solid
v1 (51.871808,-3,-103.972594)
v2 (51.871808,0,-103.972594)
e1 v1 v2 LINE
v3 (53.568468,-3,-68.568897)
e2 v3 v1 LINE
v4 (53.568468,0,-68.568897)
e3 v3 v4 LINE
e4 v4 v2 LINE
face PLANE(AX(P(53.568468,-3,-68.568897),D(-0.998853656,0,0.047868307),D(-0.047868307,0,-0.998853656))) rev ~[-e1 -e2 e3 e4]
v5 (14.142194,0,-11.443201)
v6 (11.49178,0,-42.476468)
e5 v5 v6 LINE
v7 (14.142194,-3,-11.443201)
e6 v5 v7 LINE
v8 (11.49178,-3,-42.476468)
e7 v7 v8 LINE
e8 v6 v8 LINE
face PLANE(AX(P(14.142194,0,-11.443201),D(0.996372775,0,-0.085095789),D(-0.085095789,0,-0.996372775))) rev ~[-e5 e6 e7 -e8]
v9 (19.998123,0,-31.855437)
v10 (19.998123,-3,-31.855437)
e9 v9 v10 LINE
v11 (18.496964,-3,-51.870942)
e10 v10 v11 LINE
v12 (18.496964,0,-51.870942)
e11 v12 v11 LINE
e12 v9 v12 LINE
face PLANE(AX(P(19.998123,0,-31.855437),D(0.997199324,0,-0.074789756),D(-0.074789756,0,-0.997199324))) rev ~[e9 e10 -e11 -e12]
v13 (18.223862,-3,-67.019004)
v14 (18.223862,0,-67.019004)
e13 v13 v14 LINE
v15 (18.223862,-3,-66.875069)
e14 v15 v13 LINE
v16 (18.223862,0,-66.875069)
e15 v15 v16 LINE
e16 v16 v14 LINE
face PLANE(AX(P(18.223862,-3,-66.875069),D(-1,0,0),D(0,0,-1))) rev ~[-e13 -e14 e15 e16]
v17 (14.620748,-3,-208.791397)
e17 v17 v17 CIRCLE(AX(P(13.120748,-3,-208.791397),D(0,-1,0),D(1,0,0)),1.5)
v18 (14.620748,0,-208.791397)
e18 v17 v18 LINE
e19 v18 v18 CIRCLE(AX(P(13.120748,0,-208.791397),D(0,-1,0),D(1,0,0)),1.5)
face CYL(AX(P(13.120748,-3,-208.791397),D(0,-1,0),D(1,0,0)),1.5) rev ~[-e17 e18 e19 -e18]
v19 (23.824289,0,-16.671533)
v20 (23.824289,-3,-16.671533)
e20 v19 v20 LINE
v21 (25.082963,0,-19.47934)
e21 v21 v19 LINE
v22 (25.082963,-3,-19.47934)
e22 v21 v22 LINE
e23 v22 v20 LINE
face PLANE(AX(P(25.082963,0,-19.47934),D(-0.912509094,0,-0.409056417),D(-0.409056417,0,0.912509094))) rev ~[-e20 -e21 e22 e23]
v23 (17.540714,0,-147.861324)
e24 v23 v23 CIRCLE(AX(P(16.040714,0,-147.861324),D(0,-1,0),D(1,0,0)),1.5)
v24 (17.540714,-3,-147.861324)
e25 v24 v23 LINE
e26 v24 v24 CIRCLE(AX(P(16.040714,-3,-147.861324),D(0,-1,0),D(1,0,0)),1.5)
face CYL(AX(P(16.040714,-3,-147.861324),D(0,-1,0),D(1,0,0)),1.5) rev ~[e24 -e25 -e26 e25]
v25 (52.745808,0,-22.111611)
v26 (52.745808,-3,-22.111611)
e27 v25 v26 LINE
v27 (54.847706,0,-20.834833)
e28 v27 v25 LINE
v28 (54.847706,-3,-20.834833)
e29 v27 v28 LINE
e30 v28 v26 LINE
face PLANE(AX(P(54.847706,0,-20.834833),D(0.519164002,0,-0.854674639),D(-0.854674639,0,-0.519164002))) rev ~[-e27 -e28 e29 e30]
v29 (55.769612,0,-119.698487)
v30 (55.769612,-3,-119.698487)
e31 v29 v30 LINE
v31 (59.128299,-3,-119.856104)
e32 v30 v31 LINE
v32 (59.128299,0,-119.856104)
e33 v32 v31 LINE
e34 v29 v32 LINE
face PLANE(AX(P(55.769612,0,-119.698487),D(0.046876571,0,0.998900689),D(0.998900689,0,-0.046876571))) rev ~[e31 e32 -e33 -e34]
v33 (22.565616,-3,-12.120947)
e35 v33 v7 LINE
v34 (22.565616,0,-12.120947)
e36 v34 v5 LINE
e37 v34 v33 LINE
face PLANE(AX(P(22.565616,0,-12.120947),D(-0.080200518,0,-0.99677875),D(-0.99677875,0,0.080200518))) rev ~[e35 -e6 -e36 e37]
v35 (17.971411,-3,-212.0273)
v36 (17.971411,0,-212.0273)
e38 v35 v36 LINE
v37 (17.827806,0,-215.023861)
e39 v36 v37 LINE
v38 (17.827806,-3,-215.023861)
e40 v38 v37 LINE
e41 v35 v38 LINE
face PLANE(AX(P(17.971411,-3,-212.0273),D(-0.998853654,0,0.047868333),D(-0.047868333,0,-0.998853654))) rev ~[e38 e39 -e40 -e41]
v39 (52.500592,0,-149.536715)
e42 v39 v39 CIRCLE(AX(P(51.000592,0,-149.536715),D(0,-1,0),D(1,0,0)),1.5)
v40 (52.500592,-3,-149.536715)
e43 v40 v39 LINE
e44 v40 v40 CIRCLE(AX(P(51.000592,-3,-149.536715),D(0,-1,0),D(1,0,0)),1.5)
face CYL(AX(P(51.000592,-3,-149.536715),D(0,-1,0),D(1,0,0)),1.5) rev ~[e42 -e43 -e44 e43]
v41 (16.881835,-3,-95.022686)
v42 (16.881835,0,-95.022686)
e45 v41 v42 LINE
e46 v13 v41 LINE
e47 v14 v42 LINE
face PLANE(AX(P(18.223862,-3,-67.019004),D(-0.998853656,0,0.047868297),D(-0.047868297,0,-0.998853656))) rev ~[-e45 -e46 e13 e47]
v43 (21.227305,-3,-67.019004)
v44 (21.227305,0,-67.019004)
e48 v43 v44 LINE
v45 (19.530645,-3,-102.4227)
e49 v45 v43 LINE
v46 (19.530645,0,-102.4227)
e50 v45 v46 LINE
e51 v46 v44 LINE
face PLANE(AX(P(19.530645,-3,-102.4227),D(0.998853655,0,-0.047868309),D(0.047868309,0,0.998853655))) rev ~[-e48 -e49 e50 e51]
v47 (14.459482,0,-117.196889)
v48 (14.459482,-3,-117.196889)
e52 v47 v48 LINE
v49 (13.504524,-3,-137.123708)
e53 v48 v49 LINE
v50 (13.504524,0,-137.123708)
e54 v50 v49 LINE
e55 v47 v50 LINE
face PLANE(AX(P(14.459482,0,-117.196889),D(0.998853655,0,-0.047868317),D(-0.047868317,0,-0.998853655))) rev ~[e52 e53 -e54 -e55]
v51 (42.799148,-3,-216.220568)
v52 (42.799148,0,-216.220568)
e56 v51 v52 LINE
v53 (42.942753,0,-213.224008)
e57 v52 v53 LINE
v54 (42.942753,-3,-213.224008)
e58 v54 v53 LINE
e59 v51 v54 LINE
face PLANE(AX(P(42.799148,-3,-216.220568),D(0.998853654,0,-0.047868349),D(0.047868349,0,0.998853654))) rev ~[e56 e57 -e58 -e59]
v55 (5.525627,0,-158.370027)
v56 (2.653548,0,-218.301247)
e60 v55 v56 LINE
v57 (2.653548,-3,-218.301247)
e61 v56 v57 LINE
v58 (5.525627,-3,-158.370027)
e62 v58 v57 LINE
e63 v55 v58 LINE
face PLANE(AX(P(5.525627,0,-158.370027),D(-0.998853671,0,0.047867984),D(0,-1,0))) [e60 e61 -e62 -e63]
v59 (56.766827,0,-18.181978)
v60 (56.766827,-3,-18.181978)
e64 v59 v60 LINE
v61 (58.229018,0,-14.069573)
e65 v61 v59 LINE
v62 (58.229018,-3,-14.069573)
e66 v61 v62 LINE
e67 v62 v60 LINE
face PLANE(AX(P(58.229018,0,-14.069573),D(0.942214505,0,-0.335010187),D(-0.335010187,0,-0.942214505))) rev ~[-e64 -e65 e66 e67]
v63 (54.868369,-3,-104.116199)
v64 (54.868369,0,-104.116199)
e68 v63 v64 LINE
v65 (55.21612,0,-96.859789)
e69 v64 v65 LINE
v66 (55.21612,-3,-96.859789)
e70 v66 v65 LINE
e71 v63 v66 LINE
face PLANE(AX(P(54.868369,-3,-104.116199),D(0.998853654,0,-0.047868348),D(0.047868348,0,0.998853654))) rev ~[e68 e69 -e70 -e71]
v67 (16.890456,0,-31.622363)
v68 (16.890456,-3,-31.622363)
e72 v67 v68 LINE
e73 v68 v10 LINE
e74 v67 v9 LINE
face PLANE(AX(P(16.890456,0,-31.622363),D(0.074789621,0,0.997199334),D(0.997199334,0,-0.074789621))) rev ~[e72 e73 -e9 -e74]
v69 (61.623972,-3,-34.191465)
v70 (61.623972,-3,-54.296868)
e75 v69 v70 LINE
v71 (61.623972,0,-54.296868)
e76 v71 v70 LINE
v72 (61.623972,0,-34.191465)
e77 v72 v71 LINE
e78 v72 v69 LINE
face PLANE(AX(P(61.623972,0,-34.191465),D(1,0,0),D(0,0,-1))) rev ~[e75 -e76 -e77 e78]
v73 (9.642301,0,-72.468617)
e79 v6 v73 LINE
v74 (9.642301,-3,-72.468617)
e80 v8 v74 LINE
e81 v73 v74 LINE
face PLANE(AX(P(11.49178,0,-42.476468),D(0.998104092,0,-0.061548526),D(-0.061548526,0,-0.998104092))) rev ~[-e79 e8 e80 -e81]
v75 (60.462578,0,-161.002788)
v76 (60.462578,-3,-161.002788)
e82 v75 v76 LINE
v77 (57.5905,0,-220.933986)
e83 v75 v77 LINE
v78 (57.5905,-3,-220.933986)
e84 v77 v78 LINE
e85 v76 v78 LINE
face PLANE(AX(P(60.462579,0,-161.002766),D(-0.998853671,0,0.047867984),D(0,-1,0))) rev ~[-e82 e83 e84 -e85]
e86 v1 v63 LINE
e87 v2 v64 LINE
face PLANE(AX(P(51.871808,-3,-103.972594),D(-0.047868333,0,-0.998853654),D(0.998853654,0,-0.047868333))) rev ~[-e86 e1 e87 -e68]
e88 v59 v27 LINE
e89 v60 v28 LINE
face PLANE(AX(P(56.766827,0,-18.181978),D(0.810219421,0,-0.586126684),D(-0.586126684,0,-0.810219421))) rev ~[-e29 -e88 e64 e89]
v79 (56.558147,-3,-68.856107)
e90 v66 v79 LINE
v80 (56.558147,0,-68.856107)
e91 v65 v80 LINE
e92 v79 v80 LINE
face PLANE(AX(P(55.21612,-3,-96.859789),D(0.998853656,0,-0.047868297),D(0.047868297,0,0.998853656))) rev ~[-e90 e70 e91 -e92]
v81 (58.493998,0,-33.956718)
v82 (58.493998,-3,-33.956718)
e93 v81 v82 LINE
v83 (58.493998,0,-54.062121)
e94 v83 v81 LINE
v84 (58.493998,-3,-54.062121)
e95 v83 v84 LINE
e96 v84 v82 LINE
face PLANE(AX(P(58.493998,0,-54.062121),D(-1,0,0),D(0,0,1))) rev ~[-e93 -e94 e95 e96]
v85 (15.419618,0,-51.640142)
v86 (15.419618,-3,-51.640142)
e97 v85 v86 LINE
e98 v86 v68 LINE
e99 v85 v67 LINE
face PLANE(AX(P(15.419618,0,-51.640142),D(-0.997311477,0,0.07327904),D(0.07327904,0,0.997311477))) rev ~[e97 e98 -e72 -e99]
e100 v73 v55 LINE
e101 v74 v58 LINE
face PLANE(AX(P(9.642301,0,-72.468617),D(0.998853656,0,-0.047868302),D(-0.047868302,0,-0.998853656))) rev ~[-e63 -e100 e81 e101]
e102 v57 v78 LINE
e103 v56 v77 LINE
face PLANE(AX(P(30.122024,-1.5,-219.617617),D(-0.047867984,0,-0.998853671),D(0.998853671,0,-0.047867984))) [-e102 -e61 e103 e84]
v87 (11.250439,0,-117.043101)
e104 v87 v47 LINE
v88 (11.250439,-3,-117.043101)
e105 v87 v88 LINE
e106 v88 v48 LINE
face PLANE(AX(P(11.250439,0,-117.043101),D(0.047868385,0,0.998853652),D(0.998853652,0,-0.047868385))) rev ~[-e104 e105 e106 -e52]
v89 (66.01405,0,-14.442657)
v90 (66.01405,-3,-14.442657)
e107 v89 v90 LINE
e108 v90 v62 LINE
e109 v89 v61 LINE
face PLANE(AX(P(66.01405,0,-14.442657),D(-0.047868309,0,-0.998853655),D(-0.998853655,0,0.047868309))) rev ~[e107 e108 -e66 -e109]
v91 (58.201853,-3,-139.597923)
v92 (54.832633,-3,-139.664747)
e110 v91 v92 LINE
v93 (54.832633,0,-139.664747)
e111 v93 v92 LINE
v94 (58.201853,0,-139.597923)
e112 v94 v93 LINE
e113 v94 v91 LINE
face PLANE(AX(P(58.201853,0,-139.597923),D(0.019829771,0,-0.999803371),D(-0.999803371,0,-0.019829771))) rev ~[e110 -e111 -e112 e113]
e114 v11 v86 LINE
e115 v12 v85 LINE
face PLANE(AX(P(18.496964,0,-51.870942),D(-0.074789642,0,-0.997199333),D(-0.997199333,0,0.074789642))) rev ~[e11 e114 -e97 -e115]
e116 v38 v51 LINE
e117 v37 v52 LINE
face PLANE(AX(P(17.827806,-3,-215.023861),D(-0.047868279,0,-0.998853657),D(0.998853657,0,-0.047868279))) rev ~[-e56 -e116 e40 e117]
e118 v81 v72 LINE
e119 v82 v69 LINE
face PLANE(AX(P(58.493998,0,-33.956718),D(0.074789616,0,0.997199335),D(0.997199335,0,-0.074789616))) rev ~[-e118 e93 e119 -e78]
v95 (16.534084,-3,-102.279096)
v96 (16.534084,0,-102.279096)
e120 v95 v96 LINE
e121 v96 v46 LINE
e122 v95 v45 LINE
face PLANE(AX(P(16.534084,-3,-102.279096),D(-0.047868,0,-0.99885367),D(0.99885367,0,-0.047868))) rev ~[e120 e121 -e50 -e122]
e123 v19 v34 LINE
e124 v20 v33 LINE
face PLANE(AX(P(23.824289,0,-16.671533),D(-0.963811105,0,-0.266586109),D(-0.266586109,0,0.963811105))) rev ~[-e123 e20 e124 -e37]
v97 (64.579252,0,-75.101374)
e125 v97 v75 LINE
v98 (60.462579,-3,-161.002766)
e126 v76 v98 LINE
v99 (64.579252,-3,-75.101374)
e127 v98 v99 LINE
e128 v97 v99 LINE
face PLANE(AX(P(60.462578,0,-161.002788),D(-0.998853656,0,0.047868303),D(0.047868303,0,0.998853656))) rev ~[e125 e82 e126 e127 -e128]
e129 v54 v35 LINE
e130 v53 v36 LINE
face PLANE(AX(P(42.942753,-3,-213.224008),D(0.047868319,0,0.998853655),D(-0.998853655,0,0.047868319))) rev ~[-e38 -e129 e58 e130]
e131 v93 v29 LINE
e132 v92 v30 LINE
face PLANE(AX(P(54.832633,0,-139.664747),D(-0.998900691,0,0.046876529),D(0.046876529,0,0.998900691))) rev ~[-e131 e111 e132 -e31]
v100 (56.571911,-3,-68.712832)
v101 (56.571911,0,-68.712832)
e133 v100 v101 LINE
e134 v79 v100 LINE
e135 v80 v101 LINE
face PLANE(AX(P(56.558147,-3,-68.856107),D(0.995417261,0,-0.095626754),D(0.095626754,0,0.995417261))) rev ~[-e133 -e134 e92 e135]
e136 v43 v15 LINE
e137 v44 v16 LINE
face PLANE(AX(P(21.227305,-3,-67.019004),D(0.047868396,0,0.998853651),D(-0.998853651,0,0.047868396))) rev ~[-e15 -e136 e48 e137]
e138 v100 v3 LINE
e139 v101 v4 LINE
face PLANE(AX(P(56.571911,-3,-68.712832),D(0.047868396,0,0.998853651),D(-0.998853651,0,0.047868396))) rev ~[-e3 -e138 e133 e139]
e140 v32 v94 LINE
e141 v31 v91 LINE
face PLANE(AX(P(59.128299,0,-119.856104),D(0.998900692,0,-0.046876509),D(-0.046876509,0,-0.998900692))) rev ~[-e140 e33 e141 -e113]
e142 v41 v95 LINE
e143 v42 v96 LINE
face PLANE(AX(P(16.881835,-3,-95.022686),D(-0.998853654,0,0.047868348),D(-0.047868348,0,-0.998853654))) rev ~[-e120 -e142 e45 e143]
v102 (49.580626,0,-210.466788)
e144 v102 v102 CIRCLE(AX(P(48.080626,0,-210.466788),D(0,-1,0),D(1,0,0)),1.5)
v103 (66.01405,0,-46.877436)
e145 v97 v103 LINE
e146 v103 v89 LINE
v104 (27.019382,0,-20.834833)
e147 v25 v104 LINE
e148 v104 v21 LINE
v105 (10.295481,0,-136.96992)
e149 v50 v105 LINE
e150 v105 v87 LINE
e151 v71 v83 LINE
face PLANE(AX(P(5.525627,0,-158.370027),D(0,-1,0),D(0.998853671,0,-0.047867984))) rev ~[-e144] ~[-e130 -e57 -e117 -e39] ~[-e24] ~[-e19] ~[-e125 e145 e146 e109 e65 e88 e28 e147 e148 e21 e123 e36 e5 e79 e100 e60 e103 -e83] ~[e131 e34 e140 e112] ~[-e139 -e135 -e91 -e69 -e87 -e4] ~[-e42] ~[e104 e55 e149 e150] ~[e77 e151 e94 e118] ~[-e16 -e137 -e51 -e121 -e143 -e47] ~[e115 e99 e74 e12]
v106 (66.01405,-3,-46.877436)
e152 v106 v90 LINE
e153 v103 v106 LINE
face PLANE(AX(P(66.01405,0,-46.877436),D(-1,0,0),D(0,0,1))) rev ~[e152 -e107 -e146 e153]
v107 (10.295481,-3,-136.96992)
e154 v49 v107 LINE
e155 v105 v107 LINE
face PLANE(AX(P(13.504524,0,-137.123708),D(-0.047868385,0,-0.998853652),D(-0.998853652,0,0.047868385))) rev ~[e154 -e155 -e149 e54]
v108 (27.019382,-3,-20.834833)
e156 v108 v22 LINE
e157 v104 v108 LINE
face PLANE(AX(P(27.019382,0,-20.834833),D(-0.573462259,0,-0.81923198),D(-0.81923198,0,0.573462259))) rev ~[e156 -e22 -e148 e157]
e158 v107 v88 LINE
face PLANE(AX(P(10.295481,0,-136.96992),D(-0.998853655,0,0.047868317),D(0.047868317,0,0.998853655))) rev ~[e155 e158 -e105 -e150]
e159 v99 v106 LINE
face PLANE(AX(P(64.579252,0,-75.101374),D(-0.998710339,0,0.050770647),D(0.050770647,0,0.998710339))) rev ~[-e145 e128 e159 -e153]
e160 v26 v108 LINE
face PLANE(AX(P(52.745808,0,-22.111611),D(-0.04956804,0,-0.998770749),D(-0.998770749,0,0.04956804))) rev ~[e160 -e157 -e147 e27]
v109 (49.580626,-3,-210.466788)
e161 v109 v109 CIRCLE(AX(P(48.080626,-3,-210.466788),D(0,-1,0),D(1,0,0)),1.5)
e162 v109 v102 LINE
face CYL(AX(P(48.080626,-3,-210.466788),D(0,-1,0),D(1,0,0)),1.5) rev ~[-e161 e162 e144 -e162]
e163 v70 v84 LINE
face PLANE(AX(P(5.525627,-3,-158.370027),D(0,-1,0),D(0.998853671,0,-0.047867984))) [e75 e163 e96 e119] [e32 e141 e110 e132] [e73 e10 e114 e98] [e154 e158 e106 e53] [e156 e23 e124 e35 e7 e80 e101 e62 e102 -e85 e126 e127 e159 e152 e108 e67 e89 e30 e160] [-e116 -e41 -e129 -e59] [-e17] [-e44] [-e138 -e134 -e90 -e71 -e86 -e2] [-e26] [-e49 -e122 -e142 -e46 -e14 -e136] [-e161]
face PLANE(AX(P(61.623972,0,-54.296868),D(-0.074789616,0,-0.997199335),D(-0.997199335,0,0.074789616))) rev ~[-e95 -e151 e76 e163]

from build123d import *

# Parameters (mm, degrees)
F1_DEPTH = 3
F2_W     = 55
F2_H     = 3
F3_DEPTH = 60
F5_DEPTH = 3.001
F6_R     = 1.5
F7_DEPTH = 25


with BuildPart() as f1:
    # F0 (on Front) → F1 (new body)
    with BuildSketch(Plane.XZ):
        Polygon((9.642301, -72.468617), (5.525627, -158.370032), (60.462578, -161.002788), (64.579252, -75.101374), (66.01405, -46.877436), (66.01405, -14.442657), (58.229018, -14.069573), (56.766827, -18.181978), (54.847706, -20.834833), (52.745808, -22.111611), (27.019382, -20.834833), (25.082963, -19.47934), (23.824289, -16.671533), (22.565616, -12.120947), (14.142194, -11.443201), (11.49178, -42.476468), align=None)
        Polygon((13.504524, -137.123708), (10.295481, -136.96992), (11.250439, -117.043101), (14.459482, -117.196889), align=None, mode=Mode.SUBTRACT)
        Polygon((59.128299, -119.856104), (58.201853, -139.597923), (54.832633, -139.664747), (55.769612, -119.698487), align=None, mode=Mode.SUBTRACT)
        Polygon((18.496964, -51.870942), (15.419618, -51.640142), (16.890456, -31.622363), (19.998123, -31.855437), align=None, mode=Mode.SUBTRACT)
        Polygon((58.493998, -54.062121), (58.493998, -33.956718), (61.623972, -34.191465), (61.623972, -54.296868), align=None, mode=Mode.SUBTRACT)
    extrude(amount=F1_DEPTH)

    # F2 (on face) → F3 (join)
    with BuildSketch(Plane(origin=(-7.559553, 0, -157.742947), x_dir=(0.998854, 0, -0.047868), z_dir=(-0.047868, 0, -0.998854))):
        with Locations((40.600197, 1.5)):
            Rectangle(F2_W, F2_H)
    extrude(amount=F3_DEPTH)

    # F4 (on face) → F5 (cut, through all)
    with BuildSketch(Plane.XZ.offset(3)):
        Polygon((18.223862, -67.019004), (16.881835, -95.022686), (16.534084, -102.279096), (19.530645, -102.4227), (21.227305, -67.019004), (18.223862, -66.875069), align=None)
        Polygon((53.568468, -68.568897), (51.871808, -103.972594), (54.868369, -104.116199), (55.21612, -96.859789), (56.558147, -68.856107), (56.571911, -68.712832), align=None)
    extrude(amount=-F5_DEPTH, mode=Mode.SUBTRACT)

    # F6 (on face) → F7 (cut)
    with BuildSketch(Plane.XZ.offset(3)):
        with Locations((16.040714, -147.861324)):
            Circle(F6_R)
        with Locations((51.000592, -149.536715)):
            Circle(F6_R)
        with Locations((13.120748, -208.791397)):
            Circle(F6_R)
        with Locations((48.080626, -210.466788)):
            Circle(F6_R)
        Polygon((17.827806, -215.023861), (42.799148, -216.220568), (42.942753, -213.224008), (17.971411, -212.0273), align=None)
    extrude(amount=-F7_DEPTH, mode=Mode.SUBTRACT)


solid = f1.part
